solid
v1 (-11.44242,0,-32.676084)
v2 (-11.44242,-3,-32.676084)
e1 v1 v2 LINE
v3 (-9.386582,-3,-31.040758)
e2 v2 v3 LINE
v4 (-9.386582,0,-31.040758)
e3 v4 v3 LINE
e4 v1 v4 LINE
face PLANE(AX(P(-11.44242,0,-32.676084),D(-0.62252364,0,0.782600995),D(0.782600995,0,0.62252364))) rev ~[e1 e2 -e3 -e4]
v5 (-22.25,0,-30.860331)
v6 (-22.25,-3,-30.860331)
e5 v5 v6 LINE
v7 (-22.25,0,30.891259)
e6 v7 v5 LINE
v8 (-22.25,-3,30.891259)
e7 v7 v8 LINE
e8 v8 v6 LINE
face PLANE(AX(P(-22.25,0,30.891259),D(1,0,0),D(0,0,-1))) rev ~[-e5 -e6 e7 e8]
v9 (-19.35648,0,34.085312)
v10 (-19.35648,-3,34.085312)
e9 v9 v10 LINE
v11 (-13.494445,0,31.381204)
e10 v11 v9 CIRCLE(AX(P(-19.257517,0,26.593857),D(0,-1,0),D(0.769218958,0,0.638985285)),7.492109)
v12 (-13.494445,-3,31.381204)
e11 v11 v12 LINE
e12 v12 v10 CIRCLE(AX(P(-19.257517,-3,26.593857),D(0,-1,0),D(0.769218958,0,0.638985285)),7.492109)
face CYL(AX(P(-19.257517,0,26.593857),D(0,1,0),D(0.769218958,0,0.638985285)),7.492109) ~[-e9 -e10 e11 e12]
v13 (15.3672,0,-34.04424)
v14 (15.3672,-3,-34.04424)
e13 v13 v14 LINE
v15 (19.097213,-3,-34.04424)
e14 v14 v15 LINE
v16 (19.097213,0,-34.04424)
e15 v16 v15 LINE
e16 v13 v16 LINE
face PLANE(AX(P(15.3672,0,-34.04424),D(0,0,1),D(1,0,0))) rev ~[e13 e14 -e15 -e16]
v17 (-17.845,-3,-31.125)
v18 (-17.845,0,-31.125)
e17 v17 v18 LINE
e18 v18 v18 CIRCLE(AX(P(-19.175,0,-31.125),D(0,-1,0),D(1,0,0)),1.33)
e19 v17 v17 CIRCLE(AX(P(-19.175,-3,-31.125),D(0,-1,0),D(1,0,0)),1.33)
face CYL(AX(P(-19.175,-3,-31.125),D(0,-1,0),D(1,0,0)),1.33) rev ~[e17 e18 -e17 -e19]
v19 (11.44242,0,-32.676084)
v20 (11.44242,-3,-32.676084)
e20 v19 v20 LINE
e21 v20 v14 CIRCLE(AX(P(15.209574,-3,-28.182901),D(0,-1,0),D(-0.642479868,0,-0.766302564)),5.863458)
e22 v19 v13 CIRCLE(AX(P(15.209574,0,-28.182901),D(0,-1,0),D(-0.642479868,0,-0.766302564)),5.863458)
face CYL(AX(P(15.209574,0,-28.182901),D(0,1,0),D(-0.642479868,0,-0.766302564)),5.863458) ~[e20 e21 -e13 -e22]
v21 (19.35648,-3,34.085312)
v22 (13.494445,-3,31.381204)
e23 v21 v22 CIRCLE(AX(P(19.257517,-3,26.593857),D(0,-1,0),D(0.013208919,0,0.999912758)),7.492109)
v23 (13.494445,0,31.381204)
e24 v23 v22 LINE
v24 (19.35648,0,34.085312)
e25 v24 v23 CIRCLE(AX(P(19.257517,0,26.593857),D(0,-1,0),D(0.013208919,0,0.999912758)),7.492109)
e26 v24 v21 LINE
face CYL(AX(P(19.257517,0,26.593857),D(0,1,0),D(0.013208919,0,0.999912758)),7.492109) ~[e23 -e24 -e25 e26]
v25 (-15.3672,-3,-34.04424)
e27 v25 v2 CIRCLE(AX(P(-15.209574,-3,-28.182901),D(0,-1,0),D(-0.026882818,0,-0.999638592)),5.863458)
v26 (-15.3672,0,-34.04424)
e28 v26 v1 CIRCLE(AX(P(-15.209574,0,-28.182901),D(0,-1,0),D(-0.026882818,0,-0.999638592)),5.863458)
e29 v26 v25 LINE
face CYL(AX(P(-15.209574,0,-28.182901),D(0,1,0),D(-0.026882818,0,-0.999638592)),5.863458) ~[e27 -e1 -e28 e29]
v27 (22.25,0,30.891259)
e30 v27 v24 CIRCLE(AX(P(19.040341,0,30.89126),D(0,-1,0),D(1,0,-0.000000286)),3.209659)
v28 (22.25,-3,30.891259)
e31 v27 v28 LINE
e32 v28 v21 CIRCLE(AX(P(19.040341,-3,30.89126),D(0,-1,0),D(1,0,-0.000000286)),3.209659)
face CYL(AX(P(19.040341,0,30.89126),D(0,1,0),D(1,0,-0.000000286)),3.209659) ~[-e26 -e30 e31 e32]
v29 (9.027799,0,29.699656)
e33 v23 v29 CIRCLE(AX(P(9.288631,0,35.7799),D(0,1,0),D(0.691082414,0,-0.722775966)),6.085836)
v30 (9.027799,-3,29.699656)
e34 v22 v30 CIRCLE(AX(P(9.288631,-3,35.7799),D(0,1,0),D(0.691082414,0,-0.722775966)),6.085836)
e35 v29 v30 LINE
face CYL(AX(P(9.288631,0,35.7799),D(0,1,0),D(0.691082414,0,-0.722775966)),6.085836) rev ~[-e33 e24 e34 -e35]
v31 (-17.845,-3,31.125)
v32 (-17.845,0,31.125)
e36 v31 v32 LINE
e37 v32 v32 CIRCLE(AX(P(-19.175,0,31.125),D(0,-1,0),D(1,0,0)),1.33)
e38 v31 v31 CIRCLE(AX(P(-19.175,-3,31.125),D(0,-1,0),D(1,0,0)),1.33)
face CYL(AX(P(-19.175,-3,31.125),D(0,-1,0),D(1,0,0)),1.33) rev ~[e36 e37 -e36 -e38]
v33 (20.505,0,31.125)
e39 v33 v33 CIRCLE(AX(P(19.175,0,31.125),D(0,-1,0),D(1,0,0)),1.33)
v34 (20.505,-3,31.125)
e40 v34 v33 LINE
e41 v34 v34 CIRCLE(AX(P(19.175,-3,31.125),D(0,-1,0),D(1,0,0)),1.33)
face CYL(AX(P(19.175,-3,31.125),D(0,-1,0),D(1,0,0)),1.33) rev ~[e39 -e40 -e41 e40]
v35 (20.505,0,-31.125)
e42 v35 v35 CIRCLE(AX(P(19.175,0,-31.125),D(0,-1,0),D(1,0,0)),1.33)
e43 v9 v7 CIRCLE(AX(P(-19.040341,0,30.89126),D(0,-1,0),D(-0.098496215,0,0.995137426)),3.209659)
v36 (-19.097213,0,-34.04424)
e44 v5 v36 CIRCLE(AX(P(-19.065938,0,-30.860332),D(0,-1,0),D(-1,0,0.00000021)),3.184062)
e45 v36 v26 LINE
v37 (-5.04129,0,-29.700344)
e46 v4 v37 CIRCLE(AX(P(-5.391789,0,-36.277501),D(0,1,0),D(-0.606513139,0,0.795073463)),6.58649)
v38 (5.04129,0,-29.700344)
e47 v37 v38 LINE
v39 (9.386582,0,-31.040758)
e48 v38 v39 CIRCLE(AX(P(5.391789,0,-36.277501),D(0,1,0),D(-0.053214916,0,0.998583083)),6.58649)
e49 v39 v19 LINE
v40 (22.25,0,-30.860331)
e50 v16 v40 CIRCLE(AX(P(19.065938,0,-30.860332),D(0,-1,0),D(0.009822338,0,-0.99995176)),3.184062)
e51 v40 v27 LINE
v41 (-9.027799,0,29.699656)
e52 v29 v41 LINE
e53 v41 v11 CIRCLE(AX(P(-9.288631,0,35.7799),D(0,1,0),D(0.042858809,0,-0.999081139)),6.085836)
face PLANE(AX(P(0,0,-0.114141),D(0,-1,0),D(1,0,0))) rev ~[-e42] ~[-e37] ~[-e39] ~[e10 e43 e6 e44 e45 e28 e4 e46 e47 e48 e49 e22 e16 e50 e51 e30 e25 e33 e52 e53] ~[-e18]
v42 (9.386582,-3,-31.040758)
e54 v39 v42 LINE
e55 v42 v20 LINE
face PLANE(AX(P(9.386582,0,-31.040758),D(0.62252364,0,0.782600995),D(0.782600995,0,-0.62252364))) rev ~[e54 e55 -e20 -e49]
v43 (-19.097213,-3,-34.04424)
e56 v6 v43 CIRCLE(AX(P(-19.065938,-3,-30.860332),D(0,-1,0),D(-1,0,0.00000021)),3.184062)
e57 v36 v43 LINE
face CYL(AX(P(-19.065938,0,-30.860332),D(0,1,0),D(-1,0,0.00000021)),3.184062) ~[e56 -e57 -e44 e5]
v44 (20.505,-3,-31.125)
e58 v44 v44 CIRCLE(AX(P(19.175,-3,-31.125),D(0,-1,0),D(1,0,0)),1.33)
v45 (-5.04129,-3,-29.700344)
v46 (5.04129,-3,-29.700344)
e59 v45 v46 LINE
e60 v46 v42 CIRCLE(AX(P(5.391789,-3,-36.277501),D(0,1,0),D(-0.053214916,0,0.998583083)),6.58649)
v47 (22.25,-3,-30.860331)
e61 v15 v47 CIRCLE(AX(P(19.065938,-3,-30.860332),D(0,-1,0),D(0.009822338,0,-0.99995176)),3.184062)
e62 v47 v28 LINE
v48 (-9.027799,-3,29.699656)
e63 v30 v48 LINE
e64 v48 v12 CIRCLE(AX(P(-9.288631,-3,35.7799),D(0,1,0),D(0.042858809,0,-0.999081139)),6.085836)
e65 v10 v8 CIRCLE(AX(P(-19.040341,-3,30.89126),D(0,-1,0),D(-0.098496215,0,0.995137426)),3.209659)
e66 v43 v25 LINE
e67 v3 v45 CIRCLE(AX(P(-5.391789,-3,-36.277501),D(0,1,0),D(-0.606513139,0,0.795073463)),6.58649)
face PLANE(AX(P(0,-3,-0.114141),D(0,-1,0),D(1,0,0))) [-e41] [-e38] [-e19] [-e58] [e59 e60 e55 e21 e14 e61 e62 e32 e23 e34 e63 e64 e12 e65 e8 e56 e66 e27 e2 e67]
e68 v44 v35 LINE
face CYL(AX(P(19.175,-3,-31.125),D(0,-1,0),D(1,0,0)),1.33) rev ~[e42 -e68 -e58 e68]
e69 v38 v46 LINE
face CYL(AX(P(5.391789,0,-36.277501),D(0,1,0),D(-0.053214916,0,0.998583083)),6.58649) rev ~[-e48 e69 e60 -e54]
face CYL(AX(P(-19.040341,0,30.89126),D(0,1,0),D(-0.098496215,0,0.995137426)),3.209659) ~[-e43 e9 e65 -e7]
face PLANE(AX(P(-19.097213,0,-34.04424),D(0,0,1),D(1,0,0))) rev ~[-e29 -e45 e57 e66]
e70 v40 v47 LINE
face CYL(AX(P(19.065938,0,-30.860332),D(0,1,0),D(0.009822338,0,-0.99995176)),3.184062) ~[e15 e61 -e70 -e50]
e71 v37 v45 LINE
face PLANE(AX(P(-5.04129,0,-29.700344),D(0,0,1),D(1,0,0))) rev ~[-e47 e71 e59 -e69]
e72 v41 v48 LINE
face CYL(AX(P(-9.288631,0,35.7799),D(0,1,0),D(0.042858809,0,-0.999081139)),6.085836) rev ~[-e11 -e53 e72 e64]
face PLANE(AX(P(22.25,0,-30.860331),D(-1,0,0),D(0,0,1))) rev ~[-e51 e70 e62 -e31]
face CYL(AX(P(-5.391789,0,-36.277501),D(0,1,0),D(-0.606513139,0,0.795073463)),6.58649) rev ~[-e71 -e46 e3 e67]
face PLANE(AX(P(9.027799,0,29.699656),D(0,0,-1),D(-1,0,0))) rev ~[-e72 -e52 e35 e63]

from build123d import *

# Parameters (mm, degrees)
F1_DEPTH = 3
F2_R     = 1.33
F3_DEPTH = 3.001


with BuildPart() as f1:
    # F0 (on Front) → F1 (new body)
    with BuildSketch(Plane.XZ):
        with BuildLine():
            ThreePointArc((-19.35648, 34.085312), (-21.41906, 33.046163), (-22.25, 30.891259))
            Line((-22.25, 30.891259), (-22.25, -30.860331))
            ThreePointArc((-22.25, -30.860331), (-21.32844, -33.100719), (-19.097213, -34.04424))
            Line((-19.097213, -34.04424), (-15.3672, -34.04424))
            ThreePointArc((-15.3672, -34.04424), (-13.279512, -33.719597), (-11.44242, -32.676084))
            Line((-11.44242, -32.676084), (-9.386582, -31.040758))
            ThreePointArc((-9.386582, -31.040758), (-7.333283, -29.983659), (-5.04129, -29.700344))
            Line((-5.04129, -29.700344), (0, -29.700344))
            Line((0, -29.700344), (5.04129, -29.700344))
            ThreePointArc((5.04129, -29.700344), (7.333283, -29.983659), (9.386582, -31.040758))
            Line((9.386582, -31.040758), (11.44242, -32.676084))
            ThreePointArc((11.44242, -32.676084), (13.279512, -33.719597), (15.3672, -34.04424))
            Line((15.3672, -34.04424), (19.097213, -34.04424))
            ThreePointArc((19.097213, -34.04424), (21.32844, -33.100719), (22.25, -30.860331))
            Line((22.25, -30.860331), (22.25, 30.891259))
            ThreePointArc((22.25, 30.891259), (21.41906, 33.046163), (19.35648, 34.085312))
            ThreePointArc((19.35648, 34.085312), (16.119272, 33.397026), (13.494445, 31.381204))
            ThreePointArc((13.494445, 31.381204), (11.432837, 30.084307), (9.027799, 29.699656))
            Line((9.027799, 29.699656), (0, 29.699656))
            Line((0, 29.699656), (-9.027799, 29.699656))
            ThreePointArc((-9.027799, 29.699656), (-11.432837, 30.084307), (-13.494445, 31.381204))
            ThreePointArc((-13.494445, 31.381204), (-16.119272, 33.397026), (-19.35648, 34.085312))
        make_face()
    extrude(amount=F1_DEPTH)

    # F2 (on face) → F3 (cut, through all)
    with BuildSketch(Plane.XZ.offset(3)):
        with Locations((-19.175, 31.125)):
            Circle(F2_R)
        with Locations((19.175, 31.125)):
            Circle(F2_R)
        with Locations((19.175, -31.125)):
            Circle(F2_R)
        with Locations((-19.175, -31.125)):
            Circle(F2_R)
    extrude(amount=-F3_DEPTH, mode=Mode.SUBTRACT)


solid = f1.part
